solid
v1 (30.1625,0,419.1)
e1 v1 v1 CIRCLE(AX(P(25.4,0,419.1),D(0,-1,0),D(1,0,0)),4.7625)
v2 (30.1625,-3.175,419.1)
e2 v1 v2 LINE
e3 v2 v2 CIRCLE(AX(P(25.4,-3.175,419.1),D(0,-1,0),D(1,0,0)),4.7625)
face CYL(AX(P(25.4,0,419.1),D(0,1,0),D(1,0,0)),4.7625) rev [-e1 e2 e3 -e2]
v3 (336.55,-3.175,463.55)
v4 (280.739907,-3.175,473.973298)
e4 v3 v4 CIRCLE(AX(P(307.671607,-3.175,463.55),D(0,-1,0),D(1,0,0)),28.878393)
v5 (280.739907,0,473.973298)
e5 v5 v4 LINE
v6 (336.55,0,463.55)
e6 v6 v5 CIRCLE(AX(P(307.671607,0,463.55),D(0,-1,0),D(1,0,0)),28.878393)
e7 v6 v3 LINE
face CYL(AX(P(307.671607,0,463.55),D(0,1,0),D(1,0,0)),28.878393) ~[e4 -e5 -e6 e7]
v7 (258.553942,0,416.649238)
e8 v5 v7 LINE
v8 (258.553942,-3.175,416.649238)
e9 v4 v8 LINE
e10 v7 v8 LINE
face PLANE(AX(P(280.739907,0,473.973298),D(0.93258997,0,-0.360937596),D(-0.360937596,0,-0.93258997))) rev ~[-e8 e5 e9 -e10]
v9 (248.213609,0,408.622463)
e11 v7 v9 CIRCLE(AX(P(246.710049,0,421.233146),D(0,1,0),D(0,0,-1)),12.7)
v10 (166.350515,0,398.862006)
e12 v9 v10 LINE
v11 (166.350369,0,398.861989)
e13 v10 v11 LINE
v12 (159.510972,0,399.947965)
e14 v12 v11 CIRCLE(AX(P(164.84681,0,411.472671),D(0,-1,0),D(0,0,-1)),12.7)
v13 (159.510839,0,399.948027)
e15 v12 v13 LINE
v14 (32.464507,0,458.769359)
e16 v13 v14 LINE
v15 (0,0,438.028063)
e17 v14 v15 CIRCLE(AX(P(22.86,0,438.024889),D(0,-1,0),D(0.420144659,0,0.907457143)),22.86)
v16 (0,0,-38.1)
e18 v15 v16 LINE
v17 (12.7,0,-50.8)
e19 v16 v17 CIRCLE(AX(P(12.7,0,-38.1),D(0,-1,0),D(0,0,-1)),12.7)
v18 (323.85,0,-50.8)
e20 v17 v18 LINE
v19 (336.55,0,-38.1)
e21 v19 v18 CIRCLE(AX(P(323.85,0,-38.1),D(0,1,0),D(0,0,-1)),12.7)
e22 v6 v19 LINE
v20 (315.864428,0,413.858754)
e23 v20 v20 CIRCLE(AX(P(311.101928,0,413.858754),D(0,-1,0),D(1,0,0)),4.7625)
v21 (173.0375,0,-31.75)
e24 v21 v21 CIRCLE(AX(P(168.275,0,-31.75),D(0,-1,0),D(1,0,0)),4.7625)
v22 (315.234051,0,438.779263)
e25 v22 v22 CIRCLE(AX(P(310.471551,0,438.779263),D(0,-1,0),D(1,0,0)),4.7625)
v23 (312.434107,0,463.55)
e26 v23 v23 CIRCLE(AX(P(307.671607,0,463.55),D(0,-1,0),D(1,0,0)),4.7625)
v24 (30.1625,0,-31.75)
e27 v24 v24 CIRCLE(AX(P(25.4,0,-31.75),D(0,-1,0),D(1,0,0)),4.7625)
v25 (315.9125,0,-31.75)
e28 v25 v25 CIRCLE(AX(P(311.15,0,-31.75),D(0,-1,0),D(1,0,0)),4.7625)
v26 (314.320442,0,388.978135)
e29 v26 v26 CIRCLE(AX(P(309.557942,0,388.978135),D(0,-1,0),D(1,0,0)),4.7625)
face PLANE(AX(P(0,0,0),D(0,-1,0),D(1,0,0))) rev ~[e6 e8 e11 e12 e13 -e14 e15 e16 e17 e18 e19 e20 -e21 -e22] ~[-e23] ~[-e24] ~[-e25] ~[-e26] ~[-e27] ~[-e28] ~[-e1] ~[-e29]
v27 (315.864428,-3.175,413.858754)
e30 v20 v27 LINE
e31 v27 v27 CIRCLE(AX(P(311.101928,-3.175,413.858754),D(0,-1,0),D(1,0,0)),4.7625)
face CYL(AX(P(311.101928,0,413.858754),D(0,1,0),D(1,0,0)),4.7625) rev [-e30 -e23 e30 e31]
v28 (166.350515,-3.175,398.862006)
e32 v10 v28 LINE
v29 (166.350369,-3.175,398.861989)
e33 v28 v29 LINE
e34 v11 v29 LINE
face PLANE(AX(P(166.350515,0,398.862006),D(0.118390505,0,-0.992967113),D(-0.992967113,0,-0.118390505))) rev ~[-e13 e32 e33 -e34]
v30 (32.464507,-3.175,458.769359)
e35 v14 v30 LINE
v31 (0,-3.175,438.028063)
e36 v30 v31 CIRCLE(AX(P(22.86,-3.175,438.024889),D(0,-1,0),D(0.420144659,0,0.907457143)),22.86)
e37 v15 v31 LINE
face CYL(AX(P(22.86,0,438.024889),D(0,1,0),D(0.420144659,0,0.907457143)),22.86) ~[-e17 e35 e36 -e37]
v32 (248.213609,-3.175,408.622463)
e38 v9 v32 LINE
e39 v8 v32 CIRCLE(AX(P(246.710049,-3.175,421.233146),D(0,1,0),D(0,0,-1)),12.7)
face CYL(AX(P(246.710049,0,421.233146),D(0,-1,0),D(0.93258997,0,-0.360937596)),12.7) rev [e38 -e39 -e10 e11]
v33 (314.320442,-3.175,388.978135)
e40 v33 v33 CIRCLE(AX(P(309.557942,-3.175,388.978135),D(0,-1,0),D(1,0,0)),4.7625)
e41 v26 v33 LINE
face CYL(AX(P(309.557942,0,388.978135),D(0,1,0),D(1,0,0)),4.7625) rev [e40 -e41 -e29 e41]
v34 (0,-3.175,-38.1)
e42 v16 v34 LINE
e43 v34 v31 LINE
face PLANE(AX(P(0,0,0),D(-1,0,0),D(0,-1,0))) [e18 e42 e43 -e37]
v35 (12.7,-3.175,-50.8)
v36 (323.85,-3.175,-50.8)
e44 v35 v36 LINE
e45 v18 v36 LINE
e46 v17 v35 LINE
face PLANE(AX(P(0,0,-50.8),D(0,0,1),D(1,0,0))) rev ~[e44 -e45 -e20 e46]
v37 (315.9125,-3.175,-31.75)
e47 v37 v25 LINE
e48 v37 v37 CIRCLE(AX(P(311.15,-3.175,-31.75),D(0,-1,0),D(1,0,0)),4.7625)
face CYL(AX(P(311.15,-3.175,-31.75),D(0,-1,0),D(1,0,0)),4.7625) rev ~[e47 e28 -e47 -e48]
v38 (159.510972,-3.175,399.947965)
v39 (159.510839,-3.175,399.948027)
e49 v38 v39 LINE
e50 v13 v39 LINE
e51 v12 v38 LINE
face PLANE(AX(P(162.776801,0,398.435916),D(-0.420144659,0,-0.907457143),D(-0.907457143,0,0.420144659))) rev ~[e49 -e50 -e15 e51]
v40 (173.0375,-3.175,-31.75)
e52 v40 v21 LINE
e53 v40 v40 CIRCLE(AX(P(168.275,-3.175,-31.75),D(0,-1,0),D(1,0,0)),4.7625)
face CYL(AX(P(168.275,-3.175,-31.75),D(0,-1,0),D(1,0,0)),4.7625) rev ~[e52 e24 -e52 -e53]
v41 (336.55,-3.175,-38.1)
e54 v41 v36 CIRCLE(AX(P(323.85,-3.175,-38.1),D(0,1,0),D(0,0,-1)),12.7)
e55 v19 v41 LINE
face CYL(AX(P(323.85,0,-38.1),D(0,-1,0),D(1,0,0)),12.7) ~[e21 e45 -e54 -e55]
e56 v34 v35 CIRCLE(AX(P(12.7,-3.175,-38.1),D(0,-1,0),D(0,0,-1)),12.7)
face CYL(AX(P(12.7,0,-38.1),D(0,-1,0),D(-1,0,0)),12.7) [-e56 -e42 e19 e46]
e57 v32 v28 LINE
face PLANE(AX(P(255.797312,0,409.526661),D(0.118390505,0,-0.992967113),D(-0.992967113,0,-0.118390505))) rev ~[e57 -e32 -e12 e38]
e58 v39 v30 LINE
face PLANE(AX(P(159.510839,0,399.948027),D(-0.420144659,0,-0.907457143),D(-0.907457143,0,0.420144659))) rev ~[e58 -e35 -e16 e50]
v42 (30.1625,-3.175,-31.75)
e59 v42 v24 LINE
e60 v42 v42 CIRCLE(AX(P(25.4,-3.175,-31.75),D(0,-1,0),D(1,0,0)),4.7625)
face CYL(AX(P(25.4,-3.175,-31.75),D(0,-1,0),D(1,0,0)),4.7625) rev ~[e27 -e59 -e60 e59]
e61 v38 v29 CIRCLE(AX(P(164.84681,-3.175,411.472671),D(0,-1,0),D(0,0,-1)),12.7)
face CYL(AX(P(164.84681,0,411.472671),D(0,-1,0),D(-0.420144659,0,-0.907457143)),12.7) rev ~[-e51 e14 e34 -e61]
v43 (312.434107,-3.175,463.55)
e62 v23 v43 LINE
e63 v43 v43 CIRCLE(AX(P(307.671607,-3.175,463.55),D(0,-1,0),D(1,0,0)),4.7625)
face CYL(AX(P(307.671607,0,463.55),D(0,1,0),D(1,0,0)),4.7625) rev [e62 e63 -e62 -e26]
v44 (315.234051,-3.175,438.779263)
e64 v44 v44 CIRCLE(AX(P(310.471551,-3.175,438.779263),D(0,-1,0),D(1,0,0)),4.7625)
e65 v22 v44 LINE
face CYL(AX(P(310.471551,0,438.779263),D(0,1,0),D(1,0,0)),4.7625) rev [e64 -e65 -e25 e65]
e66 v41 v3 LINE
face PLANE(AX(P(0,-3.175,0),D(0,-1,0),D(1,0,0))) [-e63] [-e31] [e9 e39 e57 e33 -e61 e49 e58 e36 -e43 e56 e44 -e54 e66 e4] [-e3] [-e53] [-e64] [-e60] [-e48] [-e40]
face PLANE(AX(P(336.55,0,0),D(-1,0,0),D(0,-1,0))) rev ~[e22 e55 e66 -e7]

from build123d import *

# Parameters (mm, degrees)
F1_R     = 4.7625
F2_DEPTH = 3.175
F3_R     = 12.7
F4_DEPTH = 50.8
F5_R     = 12.7
F6_R     = 4.7625
F7_DEPTH = 3.176


with BuildPart() as f2:
    # F1 (on Front) → F2 (new body)
    with BuildSketch(Plane.XZ):
        with BuildLine():
            Line((0, 438.0280625751), (0, 0))
            Line((0, 0), (336.55, 0))
            Line((336.55, 0), (336.55, 463.55))
            ThreePointArc((336.55, 463.55), (312.9733695253, 491.9375484372), (280.7399069367, 473.9732978163))
            Line((280.7399069367, 473.9732978163), (255.7973116004, 409.5266607723))
            Line((255.7973116004, 409.5266607723), (166.3505145476, 398.8620060081))
            Line((166.3505145476, 398.8620060081), (162.7768007124, 398.4359155775))
            Line((162.7768007124, 398.4359155775), (159.5108394321, 399.9480268652))
            Line((159.5108394321, 399.9480268652), (32.4645066839, 458.7693591847))
            ThreePointArc((32.4645066839, 458.7693591847), (10.5523855062, 457.2889027896), (0, 438.0280625751))
        make_face()
        with Locations((25.4, 419.1)):
            Circle(F1_R, mode=Mode.SUBTRACT)
        with Locations((309.5579415817, 388.9781352495)):
            Circle(F1_R, mode=Mode.SUBTRACT)
        with Locations((311.1019283196, 413.8587544951)):
            Circle(F1_R, mode=Mode.SUBTRACT)
        with Locations((310.4715508715, 438.7792627838)):
            Circle(F1_R, mode=Mode.SUBTRACT)
        with Locations((307.6716067903, 463.55)):
            Circle(F1_R, mode=Mode.SUBTRACT)
    extrude(amount=F2_DEPTH)

    # F3
    f3_edges = [f2.edges().sort_by_distance(p)[0] for p in [
        (162.776801, -1.5875, 398.435916),
        (255.797312, -1.5875, 409.526661),
    ]]
    fillet(f3_edges, radius=F3_R)

    # F4 (add): a face of the model
    f4_faces = [f2.faces().sort_by_distance(p)[0] for p in [
        (168.275, -1.5875, 0),
    ]]
    extrude(f4_faces, amount=F4_DEPTH)

    # F5
    f5_edges = [f2.edges().sort_by_distance(p)[0] for p in [
        (0, -1.5875, -50.8),
        (336.55, -1.5875, -50.8),
    ]]
    fillet(f5_edges, radius=F5_R)

    # F6 (on face) → F7 (cut, through all)
    with BuildSketch(Plane.XZ.offset(3.175)):
        with Locations((25.4, -31.75)):
            Circle(F6_R)
        with Locations((168.275, -31.75)):
            Circle(F6_R)
        with Locations((311.15, -31.75)):
            Circle(F6_R)
    extrude(amount=-F7_DEPTH, mode=Mode.SUBTRACT)


solid = f2.part
